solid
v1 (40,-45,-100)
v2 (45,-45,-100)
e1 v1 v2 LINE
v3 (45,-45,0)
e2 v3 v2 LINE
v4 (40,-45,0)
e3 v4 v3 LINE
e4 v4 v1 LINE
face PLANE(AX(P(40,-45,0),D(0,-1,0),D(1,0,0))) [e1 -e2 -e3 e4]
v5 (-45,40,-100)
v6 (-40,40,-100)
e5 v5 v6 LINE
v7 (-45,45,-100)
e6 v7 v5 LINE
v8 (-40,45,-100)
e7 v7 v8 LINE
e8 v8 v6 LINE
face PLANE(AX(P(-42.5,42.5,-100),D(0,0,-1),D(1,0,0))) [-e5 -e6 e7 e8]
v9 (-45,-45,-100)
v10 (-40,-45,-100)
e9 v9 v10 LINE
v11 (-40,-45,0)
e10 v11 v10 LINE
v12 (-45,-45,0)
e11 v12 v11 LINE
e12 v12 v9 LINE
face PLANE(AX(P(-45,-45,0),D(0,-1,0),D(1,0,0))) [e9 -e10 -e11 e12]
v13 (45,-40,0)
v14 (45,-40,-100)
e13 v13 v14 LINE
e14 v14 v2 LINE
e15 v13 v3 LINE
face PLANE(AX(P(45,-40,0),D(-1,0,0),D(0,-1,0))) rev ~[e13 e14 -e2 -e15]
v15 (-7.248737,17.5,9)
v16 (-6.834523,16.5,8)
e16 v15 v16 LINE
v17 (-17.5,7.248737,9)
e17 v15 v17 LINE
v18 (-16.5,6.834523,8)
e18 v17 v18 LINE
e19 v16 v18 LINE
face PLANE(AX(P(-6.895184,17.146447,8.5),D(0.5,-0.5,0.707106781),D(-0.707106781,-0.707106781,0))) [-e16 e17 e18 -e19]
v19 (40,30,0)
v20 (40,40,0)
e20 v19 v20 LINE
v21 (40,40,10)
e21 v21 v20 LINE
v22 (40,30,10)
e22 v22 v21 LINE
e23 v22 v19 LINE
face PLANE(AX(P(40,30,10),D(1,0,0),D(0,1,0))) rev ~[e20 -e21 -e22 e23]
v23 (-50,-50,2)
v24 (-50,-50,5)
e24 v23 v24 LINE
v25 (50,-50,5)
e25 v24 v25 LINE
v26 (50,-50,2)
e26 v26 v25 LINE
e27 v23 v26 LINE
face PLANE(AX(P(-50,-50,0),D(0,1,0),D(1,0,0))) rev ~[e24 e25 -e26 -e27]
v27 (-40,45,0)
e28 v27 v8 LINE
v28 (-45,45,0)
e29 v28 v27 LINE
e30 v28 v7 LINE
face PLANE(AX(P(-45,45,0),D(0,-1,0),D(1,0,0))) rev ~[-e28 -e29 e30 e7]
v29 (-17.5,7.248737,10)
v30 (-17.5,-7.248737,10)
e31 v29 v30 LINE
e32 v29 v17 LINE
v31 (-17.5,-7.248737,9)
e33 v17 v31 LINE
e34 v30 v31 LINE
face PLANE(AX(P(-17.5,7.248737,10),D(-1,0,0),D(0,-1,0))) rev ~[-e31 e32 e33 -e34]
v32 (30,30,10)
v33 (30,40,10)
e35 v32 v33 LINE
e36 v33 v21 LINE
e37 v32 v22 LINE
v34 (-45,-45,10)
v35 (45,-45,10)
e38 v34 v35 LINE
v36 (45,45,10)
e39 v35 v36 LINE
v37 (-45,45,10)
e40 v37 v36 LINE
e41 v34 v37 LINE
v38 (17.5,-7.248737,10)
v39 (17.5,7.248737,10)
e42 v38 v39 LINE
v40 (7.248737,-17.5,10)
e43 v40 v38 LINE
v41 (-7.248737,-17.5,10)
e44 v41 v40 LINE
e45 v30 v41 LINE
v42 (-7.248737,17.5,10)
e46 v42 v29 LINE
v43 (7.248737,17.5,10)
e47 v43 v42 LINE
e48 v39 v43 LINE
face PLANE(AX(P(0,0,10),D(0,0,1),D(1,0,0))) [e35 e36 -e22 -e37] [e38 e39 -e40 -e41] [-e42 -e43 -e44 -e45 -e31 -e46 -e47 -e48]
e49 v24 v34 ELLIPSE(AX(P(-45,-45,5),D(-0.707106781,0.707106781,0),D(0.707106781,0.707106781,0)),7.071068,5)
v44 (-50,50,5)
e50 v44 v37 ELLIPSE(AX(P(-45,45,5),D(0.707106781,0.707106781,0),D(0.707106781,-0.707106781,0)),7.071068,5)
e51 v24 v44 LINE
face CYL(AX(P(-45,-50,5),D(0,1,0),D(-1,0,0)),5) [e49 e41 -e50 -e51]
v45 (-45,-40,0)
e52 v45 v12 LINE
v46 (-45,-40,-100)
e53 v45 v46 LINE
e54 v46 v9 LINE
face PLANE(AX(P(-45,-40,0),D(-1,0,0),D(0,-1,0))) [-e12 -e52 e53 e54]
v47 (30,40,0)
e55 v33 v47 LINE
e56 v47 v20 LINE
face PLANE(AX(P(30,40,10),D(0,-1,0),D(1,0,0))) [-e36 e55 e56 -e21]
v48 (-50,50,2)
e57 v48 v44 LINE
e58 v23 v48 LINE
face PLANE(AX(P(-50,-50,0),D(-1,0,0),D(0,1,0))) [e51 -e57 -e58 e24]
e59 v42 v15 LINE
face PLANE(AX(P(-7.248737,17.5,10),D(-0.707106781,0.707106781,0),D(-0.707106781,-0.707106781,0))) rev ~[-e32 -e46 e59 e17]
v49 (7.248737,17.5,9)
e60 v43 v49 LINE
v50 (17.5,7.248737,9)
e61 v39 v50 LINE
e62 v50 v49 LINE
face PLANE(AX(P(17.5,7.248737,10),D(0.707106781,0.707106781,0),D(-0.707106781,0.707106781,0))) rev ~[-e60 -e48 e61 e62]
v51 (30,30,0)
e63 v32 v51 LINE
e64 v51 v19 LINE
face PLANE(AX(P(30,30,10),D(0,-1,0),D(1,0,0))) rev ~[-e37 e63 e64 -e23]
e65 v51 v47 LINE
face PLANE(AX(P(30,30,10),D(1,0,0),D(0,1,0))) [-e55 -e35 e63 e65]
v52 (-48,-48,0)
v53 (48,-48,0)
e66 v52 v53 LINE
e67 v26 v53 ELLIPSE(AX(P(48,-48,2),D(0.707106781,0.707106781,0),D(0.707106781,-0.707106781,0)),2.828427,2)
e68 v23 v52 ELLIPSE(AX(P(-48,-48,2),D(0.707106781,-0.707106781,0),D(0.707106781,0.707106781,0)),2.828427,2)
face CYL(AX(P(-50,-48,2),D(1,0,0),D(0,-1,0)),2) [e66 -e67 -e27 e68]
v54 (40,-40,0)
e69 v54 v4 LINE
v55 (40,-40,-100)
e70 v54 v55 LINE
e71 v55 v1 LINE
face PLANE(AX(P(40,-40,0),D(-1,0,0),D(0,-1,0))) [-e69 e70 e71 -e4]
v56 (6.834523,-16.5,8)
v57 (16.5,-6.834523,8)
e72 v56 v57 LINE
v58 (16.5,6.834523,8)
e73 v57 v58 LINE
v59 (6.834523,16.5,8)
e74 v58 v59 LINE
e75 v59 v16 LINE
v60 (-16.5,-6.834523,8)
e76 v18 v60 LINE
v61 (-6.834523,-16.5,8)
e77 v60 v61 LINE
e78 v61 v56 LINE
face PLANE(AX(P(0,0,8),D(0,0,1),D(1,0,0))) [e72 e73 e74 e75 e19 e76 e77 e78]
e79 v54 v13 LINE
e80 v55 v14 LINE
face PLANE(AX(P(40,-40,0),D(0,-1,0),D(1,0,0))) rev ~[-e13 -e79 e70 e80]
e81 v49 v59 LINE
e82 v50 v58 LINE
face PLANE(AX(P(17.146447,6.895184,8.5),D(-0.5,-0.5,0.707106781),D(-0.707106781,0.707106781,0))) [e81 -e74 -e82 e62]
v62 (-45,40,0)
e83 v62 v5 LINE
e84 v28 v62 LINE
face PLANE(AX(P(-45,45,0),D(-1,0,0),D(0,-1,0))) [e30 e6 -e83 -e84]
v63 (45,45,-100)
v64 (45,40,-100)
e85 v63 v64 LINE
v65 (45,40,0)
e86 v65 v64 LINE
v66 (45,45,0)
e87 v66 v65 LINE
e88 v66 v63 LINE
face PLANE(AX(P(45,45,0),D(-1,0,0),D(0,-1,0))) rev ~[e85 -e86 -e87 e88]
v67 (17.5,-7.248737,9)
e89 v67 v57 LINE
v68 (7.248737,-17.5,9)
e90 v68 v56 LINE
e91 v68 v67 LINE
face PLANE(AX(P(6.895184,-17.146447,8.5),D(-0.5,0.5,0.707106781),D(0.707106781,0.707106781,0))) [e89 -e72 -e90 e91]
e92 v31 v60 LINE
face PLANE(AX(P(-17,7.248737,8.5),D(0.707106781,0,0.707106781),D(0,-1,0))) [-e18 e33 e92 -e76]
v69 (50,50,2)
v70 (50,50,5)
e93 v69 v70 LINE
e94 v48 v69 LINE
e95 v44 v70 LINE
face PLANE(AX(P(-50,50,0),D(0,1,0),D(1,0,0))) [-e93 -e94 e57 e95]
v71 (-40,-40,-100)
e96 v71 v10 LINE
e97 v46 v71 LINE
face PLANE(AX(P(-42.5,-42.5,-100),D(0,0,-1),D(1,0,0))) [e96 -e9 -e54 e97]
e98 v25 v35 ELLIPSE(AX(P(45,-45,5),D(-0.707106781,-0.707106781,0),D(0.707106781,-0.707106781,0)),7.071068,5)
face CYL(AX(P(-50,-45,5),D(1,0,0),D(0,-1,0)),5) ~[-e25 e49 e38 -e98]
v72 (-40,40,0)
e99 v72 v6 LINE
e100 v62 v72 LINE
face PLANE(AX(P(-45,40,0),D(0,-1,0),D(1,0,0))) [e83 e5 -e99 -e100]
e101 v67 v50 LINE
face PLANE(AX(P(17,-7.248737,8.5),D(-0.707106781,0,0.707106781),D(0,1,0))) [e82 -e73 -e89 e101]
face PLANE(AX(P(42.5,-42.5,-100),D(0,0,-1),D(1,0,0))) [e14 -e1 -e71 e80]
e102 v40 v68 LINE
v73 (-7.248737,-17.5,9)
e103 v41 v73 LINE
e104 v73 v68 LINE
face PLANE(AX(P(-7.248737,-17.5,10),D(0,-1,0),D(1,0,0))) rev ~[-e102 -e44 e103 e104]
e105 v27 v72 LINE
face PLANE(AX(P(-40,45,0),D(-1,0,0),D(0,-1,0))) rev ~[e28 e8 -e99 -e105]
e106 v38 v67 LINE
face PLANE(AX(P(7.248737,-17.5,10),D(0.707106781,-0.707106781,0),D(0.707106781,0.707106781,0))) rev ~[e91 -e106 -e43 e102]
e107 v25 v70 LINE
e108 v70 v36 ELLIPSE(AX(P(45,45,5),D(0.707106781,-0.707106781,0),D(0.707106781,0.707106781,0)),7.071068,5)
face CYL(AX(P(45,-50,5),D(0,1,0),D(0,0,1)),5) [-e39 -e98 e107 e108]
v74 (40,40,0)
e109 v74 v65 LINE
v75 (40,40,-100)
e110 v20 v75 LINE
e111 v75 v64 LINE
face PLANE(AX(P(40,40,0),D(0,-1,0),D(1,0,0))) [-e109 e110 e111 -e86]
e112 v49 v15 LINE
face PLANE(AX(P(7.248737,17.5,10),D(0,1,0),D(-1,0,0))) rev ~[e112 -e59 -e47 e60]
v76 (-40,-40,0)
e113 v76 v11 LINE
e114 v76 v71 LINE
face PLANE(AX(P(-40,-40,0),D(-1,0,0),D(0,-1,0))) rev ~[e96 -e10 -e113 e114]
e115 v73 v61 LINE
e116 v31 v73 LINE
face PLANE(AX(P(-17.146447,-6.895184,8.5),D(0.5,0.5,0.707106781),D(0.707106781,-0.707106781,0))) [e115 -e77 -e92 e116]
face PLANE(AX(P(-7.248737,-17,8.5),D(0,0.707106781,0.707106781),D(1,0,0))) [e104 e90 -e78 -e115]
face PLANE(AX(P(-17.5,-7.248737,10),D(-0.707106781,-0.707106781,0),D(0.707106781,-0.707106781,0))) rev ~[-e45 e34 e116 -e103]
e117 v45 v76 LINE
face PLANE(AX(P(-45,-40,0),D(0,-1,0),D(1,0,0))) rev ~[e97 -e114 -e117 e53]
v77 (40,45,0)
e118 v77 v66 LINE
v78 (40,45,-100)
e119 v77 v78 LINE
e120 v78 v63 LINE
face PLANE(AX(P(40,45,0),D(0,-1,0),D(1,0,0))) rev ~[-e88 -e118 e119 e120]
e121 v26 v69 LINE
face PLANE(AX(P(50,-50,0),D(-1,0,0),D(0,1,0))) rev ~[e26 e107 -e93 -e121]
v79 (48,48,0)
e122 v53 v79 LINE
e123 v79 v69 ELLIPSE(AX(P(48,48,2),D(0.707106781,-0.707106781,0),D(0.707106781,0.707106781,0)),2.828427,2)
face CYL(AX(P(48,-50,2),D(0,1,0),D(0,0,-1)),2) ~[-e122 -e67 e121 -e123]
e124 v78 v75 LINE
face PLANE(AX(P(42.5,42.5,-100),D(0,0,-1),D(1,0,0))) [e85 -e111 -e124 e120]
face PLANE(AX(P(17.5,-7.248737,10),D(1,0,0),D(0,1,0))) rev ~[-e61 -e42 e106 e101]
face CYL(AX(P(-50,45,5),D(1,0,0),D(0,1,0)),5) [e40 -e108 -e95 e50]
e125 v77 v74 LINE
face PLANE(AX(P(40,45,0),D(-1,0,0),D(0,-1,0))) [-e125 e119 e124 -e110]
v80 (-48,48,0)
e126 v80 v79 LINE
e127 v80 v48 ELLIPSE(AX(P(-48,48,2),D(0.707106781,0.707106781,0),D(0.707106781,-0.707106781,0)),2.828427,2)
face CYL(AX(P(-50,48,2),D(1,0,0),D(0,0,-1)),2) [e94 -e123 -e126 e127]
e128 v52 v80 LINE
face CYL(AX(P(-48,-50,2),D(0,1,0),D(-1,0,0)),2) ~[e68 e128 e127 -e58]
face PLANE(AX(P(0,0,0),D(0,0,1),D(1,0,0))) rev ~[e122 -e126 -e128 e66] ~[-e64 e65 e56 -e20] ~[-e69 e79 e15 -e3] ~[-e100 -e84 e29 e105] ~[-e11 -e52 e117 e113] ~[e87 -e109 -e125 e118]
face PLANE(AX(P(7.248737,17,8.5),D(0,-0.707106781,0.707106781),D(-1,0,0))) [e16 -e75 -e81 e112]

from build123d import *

# Parameters (mm, degrees)
F0_W      = 100
F0_H      = 100
F1_DEPTH  = 10
F2_W      = 5
F2_H      = 5
F3_DEPTH  = 100
F4_R      = 5
F5_R      = 2
F7_DEPTH  = 2
F8_SIZE   = 1
F9_W      = 10
F9_H      = 10
F10_DEPTH = 10


with BuildPart() as f1:
    # F0 (on Top) → F1 (new body)
    with BuildSketch(Plane.XY):
        Rectangle(F0_W, F0_H)
    extrude(amount=F1_DEPTH)

    # F2 (on face) → F3 (join)
    with BuildSketch(Plane(origin=(0, 0, 0), x_dir=(1, 0, 0), z_dir=(0, 0, -1))):
        with Locations((-42.5, 42.5)):
            Rectangle(F2_W, F2_H)
        with Locations((-42.5, -42.5)):
            Rectangle(F2_W, F2_H)
        with Locations((42.5, 42.5)):
            Rectangle(F2_W, F2_H)
        with Locations((42.5, -42.5)):
            Rectangle(F2_W, F2_H)
    extrude(amount=F3_DEPTH)

    # F4
    f4_edges = [f1.edges().sort_by_distance(p)[0] for p in [
        (0, 50, 10),
        (-50, 0, 10),
        (0, -50, 10),
        (50, 0, 10),
    ]]
    fillet(f4_edges, radius=F4_R)

    # F5
    f5_edges = [f1.edges().sort_by_distance(p)[0] for p in [
        (0, -50, 0),
        (50, 0, 0),
        (0, 50, 0),
        (-50, 0, 0),
    ]]
    fillet(f5_edges, radius=F5_R)

    # F6 (on face) → F7 (cut)
    with BuildSketch(Plane.XY.offset(10)):
        Polygon((-7.248737, -17.5), (7.248737, -17.5), (17.5, -7.248737), (17.5, 7.248737), (7.248737, 17.5), (-7.248737, 17.5), (-17.5, 7.248737), (-17.5, -7.248737), align=None)
    extrude(amount=-F7_DEPTH, mode=Mode.SUBTRACT)

    # F8
    f8_edges = [f1.edges().sort_by_distance(p)[0] for p in [
        (0, -17.5, 8),
        (12.374369, -12.374369, 8),
        (17.5, 0, 8),
        (12.374369, 12.374369, 8),
        (0, 17.5, 8),
        (-12.374369, 12.374369, 8),
        (-17.5, 0, 8),
        (-12.374369, -12.374369, 8),
    ]]
    chamfer(f8_edges, length=F8_SIZE)

    # F9 (on face) → F10 (cut, through all)
    with BuildSketch(Plane.XY.offset(10)):
        with Locations((35, 35)):
            Rectangle(F9_W, F9_H)
    extrude(amount=-F10_DEPTH, mode=Mode.SUBTRACT)


solid = f1.part
